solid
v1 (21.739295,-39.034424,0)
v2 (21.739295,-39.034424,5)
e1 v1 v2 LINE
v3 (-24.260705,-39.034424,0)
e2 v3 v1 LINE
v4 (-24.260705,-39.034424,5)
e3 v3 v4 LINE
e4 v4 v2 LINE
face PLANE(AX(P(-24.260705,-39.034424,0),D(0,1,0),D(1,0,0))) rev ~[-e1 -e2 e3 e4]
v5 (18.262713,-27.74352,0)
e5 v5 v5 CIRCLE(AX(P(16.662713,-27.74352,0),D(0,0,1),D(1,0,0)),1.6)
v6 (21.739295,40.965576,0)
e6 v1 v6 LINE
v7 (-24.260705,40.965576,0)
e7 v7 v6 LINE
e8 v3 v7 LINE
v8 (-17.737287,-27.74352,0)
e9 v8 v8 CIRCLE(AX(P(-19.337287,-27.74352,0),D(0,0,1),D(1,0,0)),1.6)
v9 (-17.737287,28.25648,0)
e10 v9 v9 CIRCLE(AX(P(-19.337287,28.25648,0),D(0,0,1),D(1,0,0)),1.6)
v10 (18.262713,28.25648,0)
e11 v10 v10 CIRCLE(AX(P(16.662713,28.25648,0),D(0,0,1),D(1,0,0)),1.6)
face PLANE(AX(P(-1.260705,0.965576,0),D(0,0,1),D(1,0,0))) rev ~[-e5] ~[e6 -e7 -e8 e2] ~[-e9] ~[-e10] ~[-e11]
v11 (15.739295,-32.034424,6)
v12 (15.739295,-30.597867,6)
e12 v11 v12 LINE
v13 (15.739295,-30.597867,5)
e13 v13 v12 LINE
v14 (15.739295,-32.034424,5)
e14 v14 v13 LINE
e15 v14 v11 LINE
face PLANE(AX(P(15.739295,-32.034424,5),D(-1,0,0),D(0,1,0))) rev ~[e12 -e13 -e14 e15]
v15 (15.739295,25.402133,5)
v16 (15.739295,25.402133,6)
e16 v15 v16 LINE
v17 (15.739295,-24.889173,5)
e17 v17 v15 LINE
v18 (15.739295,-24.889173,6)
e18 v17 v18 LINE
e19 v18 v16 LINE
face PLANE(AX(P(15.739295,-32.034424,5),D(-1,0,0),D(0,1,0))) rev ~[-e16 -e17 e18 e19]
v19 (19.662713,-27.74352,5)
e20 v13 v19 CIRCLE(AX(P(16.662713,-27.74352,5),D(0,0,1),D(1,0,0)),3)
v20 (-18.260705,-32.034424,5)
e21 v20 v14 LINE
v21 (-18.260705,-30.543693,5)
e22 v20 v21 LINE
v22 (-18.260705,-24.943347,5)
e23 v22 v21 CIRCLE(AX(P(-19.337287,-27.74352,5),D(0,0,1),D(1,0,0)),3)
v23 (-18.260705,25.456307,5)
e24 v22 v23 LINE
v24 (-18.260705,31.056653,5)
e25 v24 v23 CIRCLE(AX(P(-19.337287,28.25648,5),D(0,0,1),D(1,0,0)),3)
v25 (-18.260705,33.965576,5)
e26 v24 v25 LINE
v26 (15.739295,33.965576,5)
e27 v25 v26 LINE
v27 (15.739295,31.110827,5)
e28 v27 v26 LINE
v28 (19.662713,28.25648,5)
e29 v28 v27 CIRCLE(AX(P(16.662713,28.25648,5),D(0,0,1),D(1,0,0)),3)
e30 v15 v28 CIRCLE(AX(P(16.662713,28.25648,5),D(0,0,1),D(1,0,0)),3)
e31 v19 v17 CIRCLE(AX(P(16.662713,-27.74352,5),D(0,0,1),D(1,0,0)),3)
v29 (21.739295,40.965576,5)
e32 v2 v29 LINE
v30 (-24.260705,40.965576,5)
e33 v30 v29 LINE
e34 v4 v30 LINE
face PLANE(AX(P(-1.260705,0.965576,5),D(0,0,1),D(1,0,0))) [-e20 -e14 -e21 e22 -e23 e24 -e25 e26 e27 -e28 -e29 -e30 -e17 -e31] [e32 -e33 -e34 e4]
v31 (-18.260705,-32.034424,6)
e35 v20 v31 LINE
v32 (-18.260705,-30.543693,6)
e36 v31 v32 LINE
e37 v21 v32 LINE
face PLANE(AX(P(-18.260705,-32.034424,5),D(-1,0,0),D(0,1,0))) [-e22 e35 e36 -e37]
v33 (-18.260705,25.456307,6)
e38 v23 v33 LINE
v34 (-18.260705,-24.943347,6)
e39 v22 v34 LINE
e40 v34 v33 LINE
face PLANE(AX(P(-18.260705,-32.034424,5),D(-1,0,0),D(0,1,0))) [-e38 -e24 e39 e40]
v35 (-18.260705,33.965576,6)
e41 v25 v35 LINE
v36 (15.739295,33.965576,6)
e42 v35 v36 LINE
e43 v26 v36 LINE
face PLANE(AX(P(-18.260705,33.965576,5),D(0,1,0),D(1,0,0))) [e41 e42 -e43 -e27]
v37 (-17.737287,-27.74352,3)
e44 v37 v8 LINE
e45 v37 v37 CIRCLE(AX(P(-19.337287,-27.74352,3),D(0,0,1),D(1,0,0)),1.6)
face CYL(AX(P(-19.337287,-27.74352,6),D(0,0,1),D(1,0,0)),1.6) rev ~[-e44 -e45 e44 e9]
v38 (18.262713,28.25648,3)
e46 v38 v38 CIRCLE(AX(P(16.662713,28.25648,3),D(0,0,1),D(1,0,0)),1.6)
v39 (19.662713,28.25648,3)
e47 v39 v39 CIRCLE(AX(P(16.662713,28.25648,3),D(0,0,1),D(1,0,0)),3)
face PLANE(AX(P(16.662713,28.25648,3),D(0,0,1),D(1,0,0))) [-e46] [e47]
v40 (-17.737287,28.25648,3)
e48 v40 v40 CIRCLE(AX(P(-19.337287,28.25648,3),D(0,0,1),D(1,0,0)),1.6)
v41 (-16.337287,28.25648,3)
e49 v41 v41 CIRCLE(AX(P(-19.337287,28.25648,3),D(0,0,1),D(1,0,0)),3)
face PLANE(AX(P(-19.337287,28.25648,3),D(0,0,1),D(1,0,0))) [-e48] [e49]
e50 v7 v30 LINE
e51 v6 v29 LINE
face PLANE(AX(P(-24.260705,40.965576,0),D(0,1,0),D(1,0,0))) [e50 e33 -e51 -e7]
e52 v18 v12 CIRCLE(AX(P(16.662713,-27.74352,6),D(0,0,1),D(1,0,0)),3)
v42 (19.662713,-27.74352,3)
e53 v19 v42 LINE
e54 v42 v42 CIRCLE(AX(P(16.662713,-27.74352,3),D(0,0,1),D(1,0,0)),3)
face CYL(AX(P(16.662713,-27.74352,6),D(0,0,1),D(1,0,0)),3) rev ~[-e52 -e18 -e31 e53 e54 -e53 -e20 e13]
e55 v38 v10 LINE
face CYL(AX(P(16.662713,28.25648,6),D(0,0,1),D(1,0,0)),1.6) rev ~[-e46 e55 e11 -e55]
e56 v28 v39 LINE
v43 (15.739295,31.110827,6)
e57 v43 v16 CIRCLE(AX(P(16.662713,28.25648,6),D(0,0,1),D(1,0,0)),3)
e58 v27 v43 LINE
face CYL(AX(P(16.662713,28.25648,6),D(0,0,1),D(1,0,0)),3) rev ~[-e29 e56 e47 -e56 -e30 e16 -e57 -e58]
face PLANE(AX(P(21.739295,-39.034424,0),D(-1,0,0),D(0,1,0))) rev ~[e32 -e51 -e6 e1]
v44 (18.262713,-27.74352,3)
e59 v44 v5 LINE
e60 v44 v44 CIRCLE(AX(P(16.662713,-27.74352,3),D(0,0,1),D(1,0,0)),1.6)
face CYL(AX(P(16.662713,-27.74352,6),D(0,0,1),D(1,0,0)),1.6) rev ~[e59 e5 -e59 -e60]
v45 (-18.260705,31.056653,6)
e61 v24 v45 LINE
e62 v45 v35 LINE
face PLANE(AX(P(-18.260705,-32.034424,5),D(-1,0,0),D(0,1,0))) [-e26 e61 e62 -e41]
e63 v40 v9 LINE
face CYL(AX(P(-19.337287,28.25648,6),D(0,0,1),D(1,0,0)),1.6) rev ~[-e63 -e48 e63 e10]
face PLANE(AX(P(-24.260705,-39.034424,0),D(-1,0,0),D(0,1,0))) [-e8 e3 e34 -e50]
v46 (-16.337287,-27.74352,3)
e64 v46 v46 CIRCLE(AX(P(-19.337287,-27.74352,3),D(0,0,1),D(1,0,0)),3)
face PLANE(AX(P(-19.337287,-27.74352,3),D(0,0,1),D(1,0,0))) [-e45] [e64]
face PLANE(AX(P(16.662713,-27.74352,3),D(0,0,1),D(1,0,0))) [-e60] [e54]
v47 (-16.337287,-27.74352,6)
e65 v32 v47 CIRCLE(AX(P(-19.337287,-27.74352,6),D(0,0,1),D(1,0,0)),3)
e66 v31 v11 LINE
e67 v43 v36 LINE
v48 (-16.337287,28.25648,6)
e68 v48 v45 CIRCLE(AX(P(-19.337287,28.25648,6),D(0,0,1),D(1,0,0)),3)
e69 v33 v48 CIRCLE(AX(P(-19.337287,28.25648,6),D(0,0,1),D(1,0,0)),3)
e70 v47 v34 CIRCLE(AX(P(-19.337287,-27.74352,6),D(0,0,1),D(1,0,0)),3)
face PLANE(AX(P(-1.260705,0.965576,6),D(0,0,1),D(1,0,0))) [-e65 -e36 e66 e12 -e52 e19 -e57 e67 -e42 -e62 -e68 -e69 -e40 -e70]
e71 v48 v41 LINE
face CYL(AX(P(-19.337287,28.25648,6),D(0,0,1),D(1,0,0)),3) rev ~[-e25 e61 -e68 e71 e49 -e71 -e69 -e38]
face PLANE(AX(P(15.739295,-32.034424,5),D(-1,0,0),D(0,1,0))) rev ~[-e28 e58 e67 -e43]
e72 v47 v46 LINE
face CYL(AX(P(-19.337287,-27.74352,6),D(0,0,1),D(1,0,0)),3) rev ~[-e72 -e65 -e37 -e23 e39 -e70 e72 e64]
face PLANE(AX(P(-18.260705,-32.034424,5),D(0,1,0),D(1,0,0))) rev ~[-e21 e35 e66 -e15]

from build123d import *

# Parameters (mm, degrees)
F0_W     = 46
F0_H     = 80
F1_DEPTH = 5
F2_W     = 34
F2_H     = 66
F3_DEPTH = 1
F4_R     = 3
F5_DEPTH = 3
F6_R     = 1.6
F7_DEPTH = 6.001


with BuildPart() as f1:
    # F0 (on Top) → F1 (new body)
    with BuildSketch(Plane.XY):
        with Locations((-1.260705, 0.965576)):
            Rectangle(F0_W, F0_H)
    extrude(amount=F1_DEPTH)

    # F2 (on face) → F3 (join)
    with BuildSketch(Plane.XY.offset(5)):
        with Locations((-1.260705, 0.965576)):
            Rectangle(F2_W, F2_H)
    extrude(amount=F3_DEPTH)

    # F4 (on face) → F5 (cut)
    with BuildSketch(Plane.XY.offset(6)):
        with Locations((-19.337287, 28.25648)):
            Circle(F4_R)
        with Locations((16.662713, 28.25648)):
            Circle(F4_R)
        with Locations((-19.337287, -27.74352)):
            Circle(F4_R)
        with Locations((16.662713, -27.74352)):
            Circle(F4_R)
    extrude(amount=-F5_DEPTH, mode=Mode.SUBTRACT)

    # F6 (on face) → F7 (cut, through all)
    with BuildSketch(Plane.XY.offset(6)):
        with Locations((-19.337287, 28.25648)):
            Circle(F6_R)
        with Locations((16.662713, 28.25648)):
            Circle(F6_R)
        with Locations((-19.337287, -27.74352)):
            Circle(F6_R)
        with Locations((16.662713, -27.74352)):
            Circle(F6_R)
    extrude(amount=-F7_DEPTH, mode=Mode.SUBTRACT)


solid = f1.part
